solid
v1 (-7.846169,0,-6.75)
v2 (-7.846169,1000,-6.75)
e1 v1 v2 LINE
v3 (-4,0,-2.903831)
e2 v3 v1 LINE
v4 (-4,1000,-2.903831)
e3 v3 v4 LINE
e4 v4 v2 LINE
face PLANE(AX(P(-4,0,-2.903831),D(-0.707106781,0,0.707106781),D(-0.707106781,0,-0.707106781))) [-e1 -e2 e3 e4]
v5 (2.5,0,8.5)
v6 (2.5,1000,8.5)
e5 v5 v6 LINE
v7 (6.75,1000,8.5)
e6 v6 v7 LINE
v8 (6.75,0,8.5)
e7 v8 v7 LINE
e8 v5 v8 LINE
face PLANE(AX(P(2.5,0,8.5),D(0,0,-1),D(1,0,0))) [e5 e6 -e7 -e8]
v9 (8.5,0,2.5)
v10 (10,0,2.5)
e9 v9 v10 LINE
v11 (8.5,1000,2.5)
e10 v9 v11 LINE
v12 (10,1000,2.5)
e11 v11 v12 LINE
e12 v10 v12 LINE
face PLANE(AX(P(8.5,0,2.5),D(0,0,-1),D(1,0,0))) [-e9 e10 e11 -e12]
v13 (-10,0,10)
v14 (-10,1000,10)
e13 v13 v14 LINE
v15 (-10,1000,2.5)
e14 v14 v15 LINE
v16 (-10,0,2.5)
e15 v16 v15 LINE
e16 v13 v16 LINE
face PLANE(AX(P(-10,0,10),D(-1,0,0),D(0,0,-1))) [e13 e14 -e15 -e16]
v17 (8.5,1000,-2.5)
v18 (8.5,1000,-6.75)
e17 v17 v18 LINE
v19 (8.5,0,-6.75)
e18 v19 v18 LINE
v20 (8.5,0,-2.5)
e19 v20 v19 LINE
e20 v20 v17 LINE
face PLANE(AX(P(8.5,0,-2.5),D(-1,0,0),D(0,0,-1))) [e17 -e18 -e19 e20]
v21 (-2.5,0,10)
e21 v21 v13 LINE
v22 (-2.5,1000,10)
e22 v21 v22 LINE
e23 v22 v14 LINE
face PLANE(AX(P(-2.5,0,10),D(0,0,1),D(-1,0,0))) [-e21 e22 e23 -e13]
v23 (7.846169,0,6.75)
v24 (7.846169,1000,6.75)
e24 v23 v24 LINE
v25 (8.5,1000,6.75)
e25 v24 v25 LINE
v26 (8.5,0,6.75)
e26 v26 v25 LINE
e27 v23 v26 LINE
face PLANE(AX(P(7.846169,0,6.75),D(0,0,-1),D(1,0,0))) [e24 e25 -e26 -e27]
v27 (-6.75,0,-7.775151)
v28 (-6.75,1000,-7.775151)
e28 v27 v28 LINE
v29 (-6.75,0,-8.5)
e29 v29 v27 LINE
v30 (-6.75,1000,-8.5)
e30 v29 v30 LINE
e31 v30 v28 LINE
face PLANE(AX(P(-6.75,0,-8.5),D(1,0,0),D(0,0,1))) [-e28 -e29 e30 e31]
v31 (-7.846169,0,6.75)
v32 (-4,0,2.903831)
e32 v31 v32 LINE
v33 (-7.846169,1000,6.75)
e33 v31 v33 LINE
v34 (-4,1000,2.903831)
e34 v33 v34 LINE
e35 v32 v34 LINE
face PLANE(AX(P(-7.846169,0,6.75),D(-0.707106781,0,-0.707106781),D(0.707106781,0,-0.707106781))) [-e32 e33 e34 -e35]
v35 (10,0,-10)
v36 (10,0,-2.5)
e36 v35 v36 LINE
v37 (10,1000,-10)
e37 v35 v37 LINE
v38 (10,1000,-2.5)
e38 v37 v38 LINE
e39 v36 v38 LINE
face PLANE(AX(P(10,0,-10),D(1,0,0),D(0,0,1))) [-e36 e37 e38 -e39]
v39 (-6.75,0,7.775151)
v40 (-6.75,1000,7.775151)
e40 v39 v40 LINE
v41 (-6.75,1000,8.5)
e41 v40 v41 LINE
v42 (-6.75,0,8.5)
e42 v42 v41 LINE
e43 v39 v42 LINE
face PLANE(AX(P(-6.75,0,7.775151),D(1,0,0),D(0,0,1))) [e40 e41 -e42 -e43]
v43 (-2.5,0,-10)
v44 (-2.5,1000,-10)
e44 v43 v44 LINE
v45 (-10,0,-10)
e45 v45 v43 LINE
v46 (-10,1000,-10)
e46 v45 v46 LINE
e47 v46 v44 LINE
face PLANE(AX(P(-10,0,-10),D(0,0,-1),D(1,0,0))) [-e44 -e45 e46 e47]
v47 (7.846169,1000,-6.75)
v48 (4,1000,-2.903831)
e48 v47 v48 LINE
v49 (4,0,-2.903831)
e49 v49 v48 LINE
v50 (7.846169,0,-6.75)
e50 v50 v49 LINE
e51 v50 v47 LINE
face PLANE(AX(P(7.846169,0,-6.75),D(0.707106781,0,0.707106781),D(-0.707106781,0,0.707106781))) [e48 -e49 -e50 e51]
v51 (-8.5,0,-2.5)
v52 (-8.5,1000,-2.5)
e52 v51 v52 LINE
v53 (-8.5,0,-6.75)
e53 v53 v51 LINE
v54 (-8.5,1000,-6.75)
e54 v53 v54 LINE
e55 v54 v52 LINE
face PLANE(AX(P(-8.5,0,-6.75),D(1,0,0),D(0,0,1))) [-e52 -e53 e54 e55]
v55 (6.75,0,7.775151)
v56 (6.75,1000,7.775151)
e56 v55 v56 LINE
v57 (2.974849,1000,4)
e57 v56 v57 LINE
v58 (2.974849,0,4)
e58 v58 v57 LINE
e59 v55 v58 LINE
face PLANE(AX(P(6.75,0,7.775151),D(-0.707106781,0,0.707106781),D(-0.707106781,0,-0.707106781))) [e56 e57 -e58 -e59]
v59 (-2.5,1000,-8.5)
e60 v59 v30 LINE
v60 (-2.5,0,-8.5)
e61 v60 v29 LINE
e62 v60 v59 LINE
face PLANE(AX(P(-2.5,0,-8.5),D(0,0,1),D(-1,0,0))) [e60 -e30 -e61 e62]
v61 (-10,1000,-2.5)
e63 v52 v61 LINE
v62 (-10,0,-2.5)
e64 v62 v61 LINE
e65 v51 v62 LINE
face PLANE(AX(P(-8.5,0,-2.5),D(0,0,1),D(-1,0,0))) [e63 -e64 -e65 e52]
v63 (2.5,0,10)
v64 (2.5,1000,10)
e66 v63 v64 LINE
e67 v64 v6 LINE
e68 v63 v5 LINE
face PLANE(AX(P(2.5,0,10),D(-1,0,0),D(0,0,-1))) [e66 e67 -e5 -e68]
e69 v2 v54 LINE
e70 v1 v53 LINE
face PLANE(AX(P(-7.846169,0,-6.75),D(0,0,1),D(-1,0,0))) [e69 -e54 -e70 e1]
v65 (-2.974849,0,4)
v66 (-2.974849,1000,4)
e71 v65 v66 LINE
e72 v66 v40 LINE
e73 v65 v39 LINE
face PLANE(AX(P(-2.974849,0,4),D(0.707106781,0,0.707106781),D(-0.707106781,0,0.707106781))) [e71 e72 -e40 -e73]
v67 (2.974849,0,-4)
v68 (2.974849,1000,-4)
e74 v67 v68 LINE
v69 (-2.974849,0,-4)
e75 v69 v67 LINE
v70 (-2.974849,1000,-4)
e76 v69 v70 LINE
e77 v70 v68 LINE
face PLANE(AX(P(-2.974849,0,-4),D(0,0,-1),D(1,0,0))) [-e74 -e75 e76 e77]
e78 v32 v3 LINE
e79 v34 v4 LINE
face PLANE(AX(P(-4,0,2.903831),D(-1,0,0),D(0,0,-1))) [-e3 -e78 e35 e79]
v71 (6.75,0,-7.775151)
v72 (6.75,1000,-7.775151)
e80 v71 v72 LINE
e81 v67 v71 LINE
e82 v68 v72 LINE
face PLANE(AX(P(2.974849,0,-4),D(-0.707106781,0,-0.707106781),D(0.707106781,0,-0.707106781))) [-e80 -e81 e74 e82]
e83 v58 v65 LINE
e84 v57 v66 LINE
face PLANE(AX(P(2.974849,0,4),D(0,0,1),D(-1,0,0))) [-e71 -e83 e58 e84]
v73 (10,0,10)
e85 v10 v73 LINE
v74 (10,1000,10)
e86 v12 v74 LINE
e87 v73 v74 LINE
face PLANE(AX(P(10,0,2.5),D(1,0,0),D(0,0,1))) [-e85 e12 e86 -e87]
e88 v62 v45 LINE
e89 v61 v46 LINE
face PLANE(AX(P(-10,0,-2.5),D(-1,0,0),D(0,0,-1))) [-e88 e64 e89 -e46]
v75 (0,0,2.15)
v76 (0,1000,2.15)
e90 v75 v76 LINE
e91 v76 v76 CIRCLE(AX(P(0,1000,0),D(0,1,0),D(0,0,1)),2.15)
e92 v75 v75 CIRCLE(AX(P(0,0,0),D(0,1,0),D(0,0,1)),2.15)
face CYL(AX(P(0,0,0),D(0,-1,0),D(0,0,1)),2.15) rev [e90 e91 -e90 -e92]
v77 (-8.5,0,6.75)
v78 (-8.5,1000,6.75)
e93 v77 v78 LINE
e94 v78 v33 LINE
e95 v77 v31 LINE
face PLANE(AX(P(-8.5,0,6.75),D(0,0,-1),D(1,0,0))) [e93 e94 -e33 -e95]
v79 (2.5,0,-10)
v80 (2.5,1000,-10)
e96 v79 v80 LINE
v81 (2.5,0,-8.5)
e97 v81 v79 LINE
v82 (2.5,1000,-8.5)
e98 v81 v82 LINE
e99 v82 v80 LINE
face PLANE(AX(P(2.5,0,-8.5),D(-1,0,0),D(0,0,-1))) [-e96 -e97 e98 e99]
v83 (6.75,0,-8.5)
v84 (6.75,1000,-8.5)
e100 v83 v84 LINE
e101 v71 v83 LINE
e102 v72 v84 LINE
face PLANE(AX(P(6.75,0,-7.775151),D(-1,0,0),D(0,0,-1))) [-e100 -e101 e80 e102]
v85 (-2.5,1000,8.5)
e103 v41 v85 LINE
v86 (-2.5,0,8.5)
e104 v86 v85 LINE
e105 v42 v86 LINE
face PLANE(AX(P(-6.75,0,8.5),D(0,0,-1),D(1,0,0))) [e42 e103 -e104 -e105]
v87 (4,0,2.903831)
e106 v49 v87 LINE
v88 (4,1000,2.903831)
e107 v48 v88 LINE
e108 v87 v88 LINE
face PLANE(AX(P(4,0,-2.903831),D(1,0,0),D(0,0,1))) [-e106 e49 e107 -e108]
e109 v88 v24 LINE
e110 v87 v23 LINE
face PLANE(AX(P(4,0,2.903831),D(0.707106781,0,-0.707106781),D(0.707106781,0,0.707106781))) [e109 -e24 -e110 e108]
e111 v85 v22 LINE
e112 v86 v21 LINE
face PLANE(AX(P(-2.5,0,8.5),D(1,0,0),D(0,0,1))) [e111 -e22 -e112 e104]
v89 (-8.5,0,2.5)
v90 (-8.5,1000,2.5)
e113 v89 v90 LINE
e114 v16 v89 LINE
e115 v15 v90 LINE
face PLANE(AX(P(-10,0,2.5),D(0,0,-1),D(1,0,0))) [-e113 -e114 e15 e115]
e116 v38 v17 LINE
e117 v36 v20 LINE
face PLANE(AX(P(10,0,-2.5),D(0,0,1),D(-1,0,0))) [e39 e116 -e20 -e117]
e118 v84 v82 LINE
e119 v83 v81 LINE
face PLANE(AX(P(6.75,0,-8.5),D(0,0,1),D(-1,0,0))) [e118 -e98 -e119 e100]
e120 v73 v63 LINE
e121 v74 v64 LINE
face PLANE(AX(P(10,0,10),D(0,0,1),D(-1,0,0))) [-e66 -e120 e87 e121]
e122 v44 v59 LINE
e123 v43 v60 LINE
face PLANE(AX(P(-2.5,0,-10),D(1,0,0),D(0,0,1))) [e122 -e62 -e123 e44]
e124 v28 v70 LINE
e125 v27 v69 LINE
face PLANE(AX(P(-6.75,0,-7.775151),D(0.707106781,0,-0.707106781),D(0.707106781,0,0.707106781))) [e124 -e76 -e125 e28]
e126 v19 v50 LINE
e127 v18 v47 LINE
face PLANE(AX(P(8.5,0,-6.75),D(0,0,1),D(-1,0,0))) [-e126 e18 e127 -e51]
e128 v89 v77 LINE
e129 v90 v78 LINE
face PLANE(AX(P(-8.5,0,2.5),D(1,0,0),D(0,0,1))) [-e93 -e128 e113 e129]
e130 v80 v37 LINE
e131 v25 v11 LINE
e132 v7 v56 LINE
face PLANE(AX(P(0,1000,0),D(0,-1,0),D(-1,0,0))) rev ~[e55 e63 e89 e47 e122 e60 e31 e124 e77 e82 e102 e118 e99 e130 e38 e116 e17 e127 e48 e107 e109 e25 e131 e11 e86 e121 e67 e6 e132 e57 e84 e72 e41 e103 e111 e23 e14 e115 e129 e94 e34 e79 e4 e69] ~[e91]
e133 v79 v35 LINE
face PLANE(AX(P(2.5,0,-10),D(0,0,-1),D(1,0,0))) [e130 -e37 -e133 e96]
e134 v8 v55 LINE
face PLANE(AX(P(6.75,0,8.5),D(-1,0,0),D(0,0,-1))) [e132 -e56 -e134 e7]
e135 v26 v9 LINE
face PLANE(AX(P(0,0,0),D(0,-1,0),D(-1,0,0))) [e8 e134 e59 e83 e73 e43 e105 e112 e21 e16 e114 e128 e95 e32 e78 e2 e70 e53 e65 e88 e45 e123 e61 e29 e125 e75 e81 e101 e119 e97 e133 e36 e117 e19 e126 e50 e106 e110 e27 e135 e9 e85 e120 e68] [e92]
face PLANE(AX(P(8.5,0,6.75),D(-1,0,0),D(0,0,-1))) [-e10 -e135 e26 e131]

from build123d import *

# Parameters (mm, degrees)
SKETCH1_R           = 2.15
BOSS_EXTRUDE1_DEPTH = 1000


with BuildPart() as part:
    # Sketch1 → Boss-Extrude1 (new body)
    with BuildSketch(Plane(origin=(0, 0, 0), x_dir=(1, 0, 0), z_dir=(0, 1, 0))):
        Polygon((-10, 10), (-2.5, 10), (-2.5, 8.499999999), (-6.75, 8.499999999), (-6.75, 7.77515127), (-2.97484873, 4), (2.97484873, 4), (6.75, 7.77515127), (6.75, 8.499999999), (2.5, 8.499999999), (2.5, 10), (10, 10), (10, 2.5), (8.5, 2.5), (8.5, 6.75), (7.846169074, 6.75), (4, 2.903830926), (4, -2.903830926), (7.846169074, -6.75), (8.5, -6.75), (8.5, -2.5), (10, -2.5), (10, -10), (2.5, -10), (2.5, -8.499999999), (6.75, -8.499999999), (6.75, -7.77515127), (2.97484873, -4), (-2.97484873, -4), (-6.75, -7.77515127), (-6.75, -8.499999999), (-2.5, -8.499999999), (-2.5, -10), (-10, -10), (-10, -2.5), (-8.5, -2.5), (-8.5, -6.75), (-7.846169074, -6.75), (-4, -2.903830926), (-4, 2.903830926), (-7.846169074, 6.75), (-8.5, 6.75), (-8.5, 2.5), (-10, 2.5), align=None)
        with Locations(Location((0, 0, 0), (0, 0, 270))):
            Circle(SKETCH1_R, mode=Mode.SUBTRACT)
    extrude(amount=BOSS_EXTRUDE1_DEPTH)


solid = part.part
